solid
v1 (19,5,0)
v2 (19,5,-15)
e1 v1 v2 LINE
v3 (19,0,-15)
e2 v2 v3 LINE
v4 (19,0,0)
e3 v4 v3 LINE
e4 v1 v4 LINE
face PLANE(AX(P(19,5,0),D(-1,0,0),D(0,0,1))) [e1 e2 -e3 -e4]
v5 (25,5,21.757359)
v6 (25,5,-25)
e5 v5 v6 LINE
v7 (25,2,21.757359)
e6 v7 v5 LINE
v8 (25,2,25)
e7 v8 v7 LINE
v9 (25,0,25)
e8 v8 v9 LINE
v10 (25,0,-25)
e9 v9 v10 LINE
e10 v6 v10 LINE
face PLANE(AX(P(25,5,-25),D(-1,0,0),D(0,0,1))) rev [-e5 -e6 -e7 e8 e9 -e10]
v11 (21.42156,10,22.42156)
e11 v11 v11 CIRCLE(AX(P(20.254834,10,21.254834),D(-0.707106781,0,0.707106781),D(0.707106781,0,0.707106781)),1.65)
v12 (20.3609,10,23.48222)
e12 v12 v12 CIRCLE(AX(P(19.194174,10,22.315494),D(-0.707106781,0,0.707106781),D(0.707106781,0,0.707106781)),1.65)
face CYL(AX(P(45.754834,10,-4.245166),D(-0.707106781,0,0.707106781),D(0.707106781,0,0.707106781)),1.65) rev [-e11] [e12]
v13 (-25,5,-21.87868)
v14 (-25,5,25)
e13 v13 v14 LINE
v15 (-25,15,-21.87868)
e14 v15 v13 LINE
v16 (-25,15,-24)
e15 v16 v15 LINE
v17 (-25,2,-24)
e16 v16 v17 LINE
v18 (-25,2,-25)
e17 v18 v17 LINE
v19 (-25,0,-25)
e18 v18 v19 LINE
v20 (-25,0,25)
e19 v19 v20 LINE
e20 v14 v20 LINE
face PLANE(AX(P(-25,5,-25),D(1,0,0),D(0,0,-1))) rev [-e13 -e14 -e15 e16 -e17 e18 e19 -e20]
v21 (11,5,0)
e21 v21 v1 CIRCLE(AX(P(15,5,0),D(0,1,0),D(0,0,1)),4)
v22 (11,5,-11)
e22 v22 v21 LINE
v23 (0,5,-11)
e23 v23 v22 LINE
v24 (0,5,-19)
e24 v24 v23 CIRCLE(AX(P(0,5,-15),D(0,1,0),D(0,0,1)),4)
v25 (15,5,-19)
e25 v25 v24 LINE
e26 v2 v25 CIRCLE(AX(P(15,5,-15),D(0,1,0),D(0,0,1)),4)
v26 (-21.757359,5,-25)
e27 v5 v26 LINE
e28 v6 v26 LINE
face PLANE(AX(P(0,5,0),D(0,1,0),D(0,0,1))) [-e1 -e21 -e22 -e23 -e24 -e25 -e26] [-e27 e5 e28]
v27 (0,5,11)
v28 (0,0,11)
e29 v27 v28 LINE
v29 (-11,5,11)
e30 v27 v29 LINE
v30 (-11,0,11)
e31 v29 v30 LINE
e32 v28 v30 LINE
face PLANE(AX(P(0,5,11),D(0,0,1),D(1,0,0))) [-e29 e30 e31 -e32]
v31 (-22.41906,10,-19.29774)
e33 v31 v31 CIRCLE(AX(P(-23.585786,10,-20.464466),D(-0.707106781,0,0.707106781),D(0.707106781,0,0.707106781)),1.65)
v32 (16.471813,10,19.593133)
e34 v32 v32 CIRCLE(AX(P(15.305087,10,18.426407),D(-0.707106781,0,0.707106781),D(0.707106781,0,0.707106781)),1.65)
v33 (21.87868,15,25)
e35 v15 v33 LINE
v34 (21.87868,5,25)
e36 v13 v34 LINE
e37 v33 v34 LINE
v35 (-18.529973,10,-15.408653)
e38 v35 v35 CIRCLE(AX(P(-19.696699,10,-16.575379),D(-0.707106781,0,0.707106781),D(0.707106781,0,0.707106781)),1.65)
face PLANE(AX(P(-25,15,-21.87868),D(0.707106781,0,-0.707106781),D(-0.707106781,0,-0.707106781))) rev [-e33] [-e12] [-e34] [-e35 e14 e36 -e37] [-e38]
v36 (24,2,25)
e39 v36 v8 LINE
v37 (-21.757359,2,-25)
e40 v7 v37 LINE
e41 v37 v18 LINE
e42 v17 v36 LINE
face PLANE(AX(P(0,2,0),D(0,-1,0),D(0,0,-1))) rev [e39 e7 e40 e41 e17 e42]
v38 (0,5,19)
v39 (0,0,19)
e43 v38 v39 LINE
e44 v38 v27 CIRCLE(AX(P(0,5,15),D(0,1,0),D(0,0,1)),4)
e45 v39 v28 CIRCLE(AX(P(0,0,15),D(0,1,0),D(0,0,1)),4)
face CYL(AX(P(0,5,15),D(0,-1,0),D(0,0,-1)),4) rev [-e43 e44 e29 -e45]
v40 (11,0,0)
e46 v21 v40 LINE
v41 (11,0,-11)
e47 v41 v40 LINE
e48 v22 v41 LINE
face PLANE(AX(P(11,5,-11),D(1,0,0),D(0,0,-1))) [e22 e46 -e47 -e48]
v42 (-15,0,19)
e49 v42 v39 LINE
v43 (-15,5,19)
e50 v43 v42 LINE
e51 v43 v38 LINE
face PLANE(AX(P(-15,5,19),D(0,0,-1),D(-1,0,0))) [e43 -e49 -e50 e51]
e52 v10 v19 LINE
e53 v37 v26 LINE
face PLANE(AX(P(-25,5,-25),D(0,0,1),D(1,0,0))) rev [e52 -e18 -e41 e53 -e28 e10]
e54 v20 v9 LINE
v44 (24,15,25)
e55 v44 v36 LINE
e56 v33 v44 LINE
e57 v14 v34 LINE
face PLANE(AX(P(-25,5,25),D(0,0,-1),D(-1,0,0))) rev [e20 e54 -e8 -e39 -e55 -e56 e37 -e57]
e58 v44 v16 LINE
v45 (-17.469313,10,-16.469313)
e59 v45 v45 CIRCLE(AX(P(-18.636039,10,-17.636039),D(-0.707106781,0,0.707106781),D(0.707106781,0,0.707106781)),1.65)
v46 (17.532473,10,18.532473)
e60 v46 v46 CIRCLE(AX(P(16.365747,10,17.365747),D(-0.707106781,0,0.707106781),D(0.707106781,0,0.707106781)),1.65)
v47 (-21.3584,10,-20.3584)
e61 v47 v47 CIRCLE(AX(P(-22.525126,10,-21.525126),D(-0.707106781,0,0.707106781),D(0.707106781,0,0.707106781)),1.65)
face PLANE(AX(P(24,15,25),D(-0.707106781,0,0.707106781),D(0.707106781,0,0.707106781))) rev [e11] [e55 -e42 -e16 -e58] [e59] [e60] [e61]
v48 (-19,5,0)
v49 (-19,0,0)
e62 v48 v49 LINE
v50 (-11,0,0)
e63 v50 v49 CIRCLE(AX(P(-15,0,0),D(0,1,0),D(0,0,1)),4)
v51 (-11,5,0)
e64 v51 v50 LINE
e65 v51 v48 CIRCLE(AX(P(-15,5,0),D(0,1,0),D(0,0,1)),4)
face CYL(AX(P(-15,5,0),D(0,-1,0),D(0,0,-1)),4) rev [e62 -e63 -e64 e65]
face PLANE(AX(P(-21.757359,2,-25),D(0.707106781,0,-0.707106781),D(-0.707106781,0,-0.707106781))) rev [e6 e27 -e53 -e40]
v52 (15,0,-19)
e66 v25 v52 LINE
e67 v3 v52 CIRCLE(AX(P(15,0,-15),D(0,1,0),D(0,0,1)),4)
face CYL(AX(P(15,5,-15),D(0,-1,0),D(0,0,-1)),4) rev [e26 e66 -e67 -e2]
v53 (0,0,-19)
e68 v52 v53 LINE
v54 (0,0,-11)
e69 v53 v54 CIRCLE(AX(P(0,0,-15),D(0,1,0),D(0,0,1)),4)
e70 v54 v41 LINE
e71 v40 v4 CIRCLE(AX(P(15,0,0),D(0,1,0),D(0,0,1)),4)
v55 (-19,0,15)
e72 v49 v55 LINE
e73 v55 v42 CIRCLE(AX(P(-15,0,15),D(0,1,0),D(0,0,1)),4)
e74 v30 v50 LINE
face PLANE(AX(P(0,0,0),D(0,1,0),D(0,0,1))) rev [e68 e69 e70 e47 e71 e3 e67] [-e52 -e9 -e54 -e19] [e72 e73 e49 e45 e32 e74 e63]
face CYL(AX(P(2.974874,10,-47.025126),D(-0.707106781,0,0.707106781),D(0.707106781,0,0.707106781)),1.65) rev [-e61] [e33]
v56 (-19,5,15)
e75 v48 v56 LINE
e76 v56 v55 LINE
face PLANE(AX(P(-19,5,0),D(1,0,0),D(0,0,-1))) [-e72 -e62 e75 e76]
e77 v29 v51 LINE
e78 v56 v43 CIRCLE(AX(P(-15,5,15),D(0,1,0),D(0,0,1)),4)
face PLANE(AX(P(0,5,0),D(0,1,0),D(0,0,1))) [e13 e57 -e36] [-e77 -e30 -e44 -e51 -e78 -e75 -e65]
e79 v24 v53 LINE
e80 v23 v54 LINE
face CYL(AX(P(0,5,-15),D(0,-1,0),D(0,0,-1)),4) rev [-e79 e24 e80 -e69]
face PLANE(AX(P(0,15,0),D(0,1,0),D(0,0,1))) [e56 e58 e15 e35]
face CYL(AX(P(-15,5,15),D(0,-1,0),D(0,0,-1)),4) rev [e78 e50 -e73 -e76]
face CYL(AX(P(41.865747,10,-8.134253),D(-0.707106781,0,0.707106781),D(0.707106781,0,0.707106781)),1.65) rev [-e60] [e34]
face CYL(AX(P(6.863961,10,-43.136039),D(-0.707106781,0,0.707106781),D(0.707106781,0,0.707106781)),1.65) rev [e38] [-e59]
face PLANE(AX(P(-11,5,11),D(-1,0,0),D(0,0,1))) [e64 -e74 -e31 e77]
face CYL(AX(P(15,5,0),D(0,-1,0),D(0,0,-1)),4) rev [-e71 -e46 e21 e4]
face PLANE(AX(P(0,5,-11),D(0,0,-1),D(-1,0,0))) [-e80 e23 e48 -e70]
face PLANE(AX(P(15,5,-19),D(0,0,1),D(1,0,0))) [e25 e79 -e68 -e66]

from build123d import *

# Parameters (mm, degrees)
SKETCH1_W           = 50
SKETCH1_H           = 50
BOSS_EXTRUDE1_DEPTH = 5
BOSS_EXTRUDE2_DEPTH = 10
CUT_EXTRUDE1_DEPTH  = 3
SKETCH4_R           = 1.65
CUT_EXTRUDE2_DEPTH  = 38.562445841


with BuildPart() as part:
    # Sketch1 → Boss-Extrude1 (new body)
    with BuildSketch(Plane(origin=(0, 0, 0), x_dir=(1, 0, 0), z_dir=(0, 1, 0))):
        Rectangle(SKETCH1_W, SKETCH1_H)
        with BuildLine():
            Line((15, 19), (0, 19))
            ThreePointArc((0, 19), (-4, 15), (0, 11))
            Line((0, 11), (11, 11))
            Line((11, 11), (11, 0))
            ThreePointArc((11, 0), (15, -4), (19, 0))
            Line((19, 0), (19, 15))
            ThreePointArc((19, 15), (17.828427125, 17.828427125), (15, 19))
        make_face(mode=Mode.SUBTRACT)
        with BuildLine():
            Line((-15, -19), (0, -19))
            ThreePointArc((0, -19), (4, -15), (0, -11))
            Line((0, -11), (-11, -11))
            Line((-11, -11), (-11, 0))
            ThreePointArc((-11, 0), (-15, 4), (-19, 0))
            Line((-19, 0), (-19, -15))
            ThreePointArc((-19, -15), (-17.828427125, -17.828427125), (-15, -19))
        make_face(mode=Mode.SUBTRACT)
    extrude(amount=BOSS_EXTRUDE1_DEPTH)

    # Sketch2 → Boss-Extrude2 (add)
    with BuildSketch(Plane(origin=(0, 5, 0), x_dir=(1, 0, 0), z_dir=(0, 1, 0))):
        Polygon((-25, 21.878679656), (21.878679656, -25), (24, -25), (-25, 24), align=None)
    extrude(amount=BOSS_EXTRUDE2_DEPTH)

    # Sketch3 → Cut-Extrude1 (cut)
    with BuildSketch(Plane(origin=(0, 5, 0), x_dir=(1, 0, 0), z_dir=(0, 1, 0))):
        Polygon((-21.757359313, 25), (25, -21.757359313), (25, -25), (24, -25), (-25, 24), (-25, 25), align=None)
    extrude(amount=-CUT_EXTRUDE1_DEPTH, mode=Mode.SUBTRACT)

    # Sketch4 → Cut-Extrude2 (cut, through all)
    with BuildSketch(Plane(origin=(-1.560660172, 0, 1.560660172), x_dir=(0.707106781, 0, 0.707106781), z_dir=(-0.707106781, 0, 0.707106781))):
        with Locations((-31.148232278, 10)):
            Circle(SKETCH4_R)
        with Locations((23.851767722, 10)):
            Circle(SKETCH4_R)
        with Locations((29.351767722, 10)):
            Circle(SKETCH4_R)
        with Locations((-25.648232278, 10)):
            Circle(SKETCH4_R)
    extrude(amount=-CUT_EXTRUDE2_DEPTH, mode=Mode.SUBTRACT)


solid = part.part
